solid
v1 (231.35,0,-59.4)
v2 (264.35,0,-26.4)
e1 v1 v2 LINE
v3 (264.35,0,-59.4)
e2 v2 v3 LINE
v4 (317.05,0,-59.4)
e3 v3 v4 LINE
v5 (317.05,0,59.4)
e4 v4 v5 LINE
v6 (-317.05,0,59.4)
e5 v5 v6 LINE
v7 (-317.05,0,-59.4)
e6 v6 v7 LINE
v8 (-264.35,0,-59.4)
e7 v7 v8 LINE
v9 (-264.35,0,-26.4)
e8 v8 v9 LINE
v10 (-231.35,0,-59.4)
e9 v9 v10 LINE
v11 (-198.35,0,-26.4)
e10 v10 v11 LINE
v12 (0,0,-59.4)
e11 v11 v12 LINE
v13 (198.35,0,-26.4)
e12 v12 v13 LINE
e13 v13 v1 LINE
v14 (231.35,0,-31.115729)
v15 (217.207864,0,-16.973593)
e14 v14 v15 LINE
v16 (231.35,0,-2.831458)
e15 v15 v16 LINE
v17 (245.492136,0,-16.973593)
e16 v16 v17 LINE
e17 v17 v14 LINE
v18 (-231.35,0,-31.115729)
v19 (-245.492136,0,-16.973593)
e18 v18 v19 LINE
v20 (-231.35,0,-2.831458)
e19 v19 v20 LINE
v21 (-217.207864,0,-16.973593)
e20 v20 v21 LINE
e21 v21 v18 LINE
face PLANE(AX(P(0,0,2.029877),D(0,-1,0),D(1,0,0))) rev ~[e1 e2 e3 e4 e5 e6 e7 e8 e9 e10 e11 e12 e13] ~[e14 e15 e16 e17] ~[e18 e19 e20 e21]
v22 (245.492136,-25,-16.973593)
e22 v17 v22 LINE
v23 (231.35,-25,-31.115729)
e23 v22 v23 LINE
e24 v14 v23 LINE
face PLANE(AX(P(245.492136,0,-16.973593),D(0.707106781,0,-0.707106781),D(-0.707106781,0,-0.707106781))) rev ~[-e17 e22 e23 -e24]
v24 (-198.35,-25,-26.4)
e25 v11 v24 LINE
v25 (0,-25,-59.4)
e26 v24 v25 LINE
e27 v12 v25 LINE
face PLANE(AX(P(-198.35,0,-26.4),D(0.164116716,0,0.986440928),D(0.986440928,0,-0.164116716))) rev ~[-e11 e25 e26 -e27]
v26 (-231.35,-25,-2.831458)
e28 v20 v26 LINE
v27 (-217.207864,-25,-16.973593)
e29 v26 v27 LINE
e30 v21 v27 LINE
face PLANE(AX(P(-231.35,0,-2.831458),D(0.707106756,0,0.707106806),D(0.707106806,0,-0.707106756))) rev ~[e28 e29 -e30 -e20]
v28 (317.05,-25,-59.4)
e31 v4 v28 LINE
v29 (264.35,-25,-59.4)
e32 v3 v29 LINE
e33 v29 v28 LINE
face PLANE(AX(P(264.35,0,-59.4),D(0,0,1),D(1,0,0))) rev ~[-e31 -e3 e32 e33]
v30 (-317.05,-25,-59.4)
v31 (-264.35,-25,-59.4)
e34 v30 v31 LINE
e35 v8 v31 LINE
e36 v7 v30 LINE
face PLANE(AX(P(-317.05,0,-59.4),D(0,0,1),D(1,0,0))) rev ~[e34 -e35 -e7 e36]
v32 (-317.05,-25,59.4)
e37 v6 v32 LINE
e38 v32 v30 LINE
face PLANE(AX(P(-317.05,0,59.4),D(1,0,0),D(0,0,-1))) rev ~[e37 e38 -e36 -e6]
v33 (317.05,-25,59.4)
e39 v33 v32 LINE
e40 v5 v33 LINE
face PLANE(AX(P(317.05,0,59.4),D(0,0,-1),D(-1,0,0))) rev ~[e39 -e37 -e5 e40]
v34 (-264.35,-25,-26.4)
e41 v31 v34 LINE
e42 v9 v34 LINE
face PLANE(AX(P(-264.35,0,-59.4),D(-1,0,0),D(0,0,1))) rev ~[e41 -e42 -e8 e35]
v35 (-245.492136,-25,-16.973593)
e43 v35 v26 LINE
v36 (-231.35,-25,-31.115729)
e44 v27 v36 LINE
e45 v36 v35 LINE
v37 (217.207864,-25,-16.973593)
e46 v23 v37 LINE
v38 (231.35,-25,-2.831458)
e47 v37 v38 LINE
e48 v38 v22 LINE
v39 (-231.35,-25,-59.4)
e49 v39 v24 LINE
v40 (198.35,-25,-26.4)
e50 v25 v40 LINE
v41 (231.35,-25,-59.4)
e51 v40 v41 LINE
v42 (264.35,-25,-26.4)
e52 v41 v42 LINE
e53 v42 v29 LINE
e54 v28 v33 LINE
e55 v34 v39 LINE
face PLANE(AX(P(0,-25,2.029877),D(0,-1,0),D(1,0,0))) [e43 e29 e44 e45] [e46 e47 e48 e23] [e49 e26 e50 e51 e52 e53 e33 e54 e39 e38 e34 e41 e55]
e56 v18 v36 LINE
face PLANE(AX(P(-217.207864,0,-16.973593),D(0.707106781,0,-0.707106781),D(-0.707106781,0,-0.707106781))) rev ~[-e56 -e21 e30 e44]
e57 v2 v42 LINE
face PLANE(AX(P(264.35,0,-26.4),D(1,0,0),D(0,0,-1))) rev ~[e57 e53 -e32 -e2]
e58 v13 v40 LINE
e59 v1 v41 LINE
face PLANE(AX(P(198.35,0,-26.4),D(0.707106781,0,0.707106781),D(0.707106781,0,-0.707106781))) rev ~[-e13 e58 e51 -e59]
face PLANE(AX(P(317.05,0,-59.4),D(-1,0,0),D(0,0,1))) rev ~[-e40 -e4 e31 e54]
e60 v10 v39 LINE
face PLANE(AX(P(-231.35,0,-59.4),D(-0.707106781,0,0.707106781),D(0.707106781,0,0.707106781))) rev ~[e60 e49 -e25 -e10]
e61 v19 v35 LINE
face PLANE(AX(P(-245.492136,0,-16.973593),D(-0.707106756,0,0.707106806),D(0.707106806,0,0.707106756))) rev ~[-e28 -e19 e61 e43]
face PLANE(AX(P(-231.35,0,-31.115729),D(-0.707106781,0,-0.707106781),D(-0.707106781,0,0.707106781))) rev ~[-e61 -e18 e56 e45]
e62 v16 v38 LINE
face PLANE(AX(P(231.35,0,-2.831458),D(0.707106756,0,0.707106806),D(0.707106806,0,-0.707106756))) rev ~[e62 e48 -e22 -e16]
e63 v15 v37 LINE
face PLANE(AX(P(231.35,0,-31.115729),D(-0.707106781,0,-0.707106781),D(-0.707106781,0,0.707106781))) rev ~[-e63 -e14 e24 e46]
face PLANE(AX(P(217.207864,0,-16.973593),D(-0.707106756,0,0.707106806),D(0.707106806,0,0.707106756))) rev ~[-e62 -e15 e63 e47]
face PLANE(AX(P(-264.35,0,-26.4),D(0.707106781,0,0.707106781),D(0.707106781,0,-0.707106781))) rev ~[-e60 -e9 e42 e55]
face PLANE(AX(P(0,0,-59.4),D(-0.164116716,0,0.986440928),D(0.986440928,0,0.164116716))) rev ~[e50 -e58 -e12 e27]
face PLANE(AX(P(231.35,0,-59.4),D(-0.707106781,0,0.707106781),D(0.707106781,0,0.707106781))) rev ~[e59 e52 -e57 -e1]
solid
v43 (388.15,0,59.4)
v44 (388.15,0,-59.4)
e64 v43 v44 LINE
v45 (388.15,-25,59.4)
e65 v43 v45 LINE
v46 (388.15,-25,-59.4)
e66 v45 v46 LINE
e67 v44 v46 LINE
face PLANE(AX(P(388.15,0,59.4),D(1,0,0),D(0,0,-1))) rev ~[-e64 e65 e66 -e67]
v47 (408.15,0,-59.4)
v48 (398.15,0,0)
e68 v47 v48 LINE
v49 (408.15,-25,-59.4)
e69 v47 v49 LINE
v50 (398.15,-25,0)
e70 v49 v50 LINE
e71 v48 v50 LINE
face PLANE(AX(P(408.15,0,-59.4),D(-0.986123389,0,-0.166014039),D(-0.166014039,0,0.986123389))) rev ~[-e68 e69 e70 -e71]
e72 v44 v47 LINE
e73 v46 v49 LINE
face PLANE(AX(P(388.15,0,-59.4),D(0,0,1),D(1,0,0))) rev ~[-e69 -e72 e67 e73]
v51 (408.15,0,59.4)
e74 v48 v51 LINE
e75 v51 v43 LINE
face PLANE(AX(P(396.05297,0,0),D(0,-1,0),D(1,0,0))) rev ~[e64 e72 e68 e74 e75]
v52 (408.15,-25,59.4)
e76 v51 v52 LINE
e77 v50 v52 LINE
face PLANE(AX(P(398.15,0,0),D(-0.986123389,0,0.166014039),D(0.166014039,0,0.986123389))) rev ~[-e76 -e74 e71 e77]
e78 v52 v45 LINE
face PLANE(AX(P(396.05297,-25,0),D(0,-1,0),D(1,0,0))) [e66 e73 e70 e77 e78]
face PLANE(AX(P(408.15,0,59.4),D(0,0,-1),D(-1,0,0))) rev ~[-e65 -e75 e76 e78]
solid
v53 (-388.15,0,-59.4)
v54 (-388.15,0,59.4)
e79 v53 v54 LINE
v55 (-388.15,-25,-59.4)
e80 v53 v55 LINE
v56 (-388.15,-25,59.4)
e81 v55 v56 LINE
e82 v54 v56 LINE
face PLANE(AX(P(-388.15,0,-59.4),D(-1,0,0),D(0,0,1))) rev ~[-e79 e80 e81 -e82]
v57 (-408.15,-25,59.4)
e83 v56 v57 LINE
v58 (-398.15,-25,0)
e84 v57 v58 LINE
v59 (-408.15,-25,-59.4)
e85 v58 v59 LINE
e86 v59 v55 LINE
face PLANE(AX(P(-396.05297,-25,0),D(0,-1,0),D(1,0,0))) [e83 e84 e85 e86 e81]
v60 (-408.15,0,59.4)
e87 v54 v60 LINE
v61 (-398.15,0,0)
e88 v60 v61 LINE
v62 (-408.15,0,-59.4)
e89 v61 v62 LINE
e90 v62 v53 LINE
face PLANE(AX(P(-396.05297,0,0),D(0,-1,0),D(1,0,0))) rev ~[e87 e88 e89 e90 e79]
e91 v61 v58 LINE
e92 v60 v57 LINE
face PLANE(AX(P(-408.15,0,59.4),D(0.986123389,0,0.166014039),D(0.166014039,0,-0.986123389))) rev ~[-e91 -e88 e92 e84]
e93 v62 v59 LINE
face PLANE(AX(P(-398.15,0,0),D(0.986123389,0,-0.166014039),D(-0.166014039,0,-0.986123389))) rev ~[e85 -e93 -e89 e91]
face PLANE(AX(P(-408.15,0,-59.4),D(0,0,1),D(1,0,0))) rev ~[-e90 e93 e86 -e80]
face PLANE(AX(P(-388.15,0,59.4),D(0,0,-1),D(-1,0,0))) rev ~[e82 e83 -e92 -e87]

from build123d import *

# Parameters (mm, degrees)
F1_DEPTH = 25


with BuildPart() as f1:
    # F0 (on Front) → F1 (new body)
    with BuildSketch(Plane.XZ):
        Polygon((-388.15, -59.4), (-388.15, 59.4), (-408.15, 59.4), (-398.15, 0), (-408.15, -59.4), align=None)
        Polygon((264.35, -59.4), (317.05, -59.4), (317.05, 59.4), (-317.05, 59.4), (-317.05, -59.4), (-264.35, -59.4), (-264.35, -26.4), (-231.35, -59.4), (-198.35, -26.4), (0, -59.4), (198.35, -26.4), (231.35, -59.4), (264.35, -26.4), align=None)
        Polygon((-245.492136, -16.973593), (-231.35, -2.831458), (-217.207864, -16.973593), (-231.35, -31.115729), align=None, mode=Mode.SUBTRACT)
        Polygon((231.35, -31.115729), (217.207864, -16.973593), (231.35, -2.831458), (245.492136, -16.973593), align=None, mode=Mode.SUBTRACT)
        Polygon((388.15, -59.4), (408.15, -59.4), (398.15, 0), (408.15, 59.4), (388.15, 59.4), align=None)
    extrude(amount=F1_DEPTH)


solid = f1.part
